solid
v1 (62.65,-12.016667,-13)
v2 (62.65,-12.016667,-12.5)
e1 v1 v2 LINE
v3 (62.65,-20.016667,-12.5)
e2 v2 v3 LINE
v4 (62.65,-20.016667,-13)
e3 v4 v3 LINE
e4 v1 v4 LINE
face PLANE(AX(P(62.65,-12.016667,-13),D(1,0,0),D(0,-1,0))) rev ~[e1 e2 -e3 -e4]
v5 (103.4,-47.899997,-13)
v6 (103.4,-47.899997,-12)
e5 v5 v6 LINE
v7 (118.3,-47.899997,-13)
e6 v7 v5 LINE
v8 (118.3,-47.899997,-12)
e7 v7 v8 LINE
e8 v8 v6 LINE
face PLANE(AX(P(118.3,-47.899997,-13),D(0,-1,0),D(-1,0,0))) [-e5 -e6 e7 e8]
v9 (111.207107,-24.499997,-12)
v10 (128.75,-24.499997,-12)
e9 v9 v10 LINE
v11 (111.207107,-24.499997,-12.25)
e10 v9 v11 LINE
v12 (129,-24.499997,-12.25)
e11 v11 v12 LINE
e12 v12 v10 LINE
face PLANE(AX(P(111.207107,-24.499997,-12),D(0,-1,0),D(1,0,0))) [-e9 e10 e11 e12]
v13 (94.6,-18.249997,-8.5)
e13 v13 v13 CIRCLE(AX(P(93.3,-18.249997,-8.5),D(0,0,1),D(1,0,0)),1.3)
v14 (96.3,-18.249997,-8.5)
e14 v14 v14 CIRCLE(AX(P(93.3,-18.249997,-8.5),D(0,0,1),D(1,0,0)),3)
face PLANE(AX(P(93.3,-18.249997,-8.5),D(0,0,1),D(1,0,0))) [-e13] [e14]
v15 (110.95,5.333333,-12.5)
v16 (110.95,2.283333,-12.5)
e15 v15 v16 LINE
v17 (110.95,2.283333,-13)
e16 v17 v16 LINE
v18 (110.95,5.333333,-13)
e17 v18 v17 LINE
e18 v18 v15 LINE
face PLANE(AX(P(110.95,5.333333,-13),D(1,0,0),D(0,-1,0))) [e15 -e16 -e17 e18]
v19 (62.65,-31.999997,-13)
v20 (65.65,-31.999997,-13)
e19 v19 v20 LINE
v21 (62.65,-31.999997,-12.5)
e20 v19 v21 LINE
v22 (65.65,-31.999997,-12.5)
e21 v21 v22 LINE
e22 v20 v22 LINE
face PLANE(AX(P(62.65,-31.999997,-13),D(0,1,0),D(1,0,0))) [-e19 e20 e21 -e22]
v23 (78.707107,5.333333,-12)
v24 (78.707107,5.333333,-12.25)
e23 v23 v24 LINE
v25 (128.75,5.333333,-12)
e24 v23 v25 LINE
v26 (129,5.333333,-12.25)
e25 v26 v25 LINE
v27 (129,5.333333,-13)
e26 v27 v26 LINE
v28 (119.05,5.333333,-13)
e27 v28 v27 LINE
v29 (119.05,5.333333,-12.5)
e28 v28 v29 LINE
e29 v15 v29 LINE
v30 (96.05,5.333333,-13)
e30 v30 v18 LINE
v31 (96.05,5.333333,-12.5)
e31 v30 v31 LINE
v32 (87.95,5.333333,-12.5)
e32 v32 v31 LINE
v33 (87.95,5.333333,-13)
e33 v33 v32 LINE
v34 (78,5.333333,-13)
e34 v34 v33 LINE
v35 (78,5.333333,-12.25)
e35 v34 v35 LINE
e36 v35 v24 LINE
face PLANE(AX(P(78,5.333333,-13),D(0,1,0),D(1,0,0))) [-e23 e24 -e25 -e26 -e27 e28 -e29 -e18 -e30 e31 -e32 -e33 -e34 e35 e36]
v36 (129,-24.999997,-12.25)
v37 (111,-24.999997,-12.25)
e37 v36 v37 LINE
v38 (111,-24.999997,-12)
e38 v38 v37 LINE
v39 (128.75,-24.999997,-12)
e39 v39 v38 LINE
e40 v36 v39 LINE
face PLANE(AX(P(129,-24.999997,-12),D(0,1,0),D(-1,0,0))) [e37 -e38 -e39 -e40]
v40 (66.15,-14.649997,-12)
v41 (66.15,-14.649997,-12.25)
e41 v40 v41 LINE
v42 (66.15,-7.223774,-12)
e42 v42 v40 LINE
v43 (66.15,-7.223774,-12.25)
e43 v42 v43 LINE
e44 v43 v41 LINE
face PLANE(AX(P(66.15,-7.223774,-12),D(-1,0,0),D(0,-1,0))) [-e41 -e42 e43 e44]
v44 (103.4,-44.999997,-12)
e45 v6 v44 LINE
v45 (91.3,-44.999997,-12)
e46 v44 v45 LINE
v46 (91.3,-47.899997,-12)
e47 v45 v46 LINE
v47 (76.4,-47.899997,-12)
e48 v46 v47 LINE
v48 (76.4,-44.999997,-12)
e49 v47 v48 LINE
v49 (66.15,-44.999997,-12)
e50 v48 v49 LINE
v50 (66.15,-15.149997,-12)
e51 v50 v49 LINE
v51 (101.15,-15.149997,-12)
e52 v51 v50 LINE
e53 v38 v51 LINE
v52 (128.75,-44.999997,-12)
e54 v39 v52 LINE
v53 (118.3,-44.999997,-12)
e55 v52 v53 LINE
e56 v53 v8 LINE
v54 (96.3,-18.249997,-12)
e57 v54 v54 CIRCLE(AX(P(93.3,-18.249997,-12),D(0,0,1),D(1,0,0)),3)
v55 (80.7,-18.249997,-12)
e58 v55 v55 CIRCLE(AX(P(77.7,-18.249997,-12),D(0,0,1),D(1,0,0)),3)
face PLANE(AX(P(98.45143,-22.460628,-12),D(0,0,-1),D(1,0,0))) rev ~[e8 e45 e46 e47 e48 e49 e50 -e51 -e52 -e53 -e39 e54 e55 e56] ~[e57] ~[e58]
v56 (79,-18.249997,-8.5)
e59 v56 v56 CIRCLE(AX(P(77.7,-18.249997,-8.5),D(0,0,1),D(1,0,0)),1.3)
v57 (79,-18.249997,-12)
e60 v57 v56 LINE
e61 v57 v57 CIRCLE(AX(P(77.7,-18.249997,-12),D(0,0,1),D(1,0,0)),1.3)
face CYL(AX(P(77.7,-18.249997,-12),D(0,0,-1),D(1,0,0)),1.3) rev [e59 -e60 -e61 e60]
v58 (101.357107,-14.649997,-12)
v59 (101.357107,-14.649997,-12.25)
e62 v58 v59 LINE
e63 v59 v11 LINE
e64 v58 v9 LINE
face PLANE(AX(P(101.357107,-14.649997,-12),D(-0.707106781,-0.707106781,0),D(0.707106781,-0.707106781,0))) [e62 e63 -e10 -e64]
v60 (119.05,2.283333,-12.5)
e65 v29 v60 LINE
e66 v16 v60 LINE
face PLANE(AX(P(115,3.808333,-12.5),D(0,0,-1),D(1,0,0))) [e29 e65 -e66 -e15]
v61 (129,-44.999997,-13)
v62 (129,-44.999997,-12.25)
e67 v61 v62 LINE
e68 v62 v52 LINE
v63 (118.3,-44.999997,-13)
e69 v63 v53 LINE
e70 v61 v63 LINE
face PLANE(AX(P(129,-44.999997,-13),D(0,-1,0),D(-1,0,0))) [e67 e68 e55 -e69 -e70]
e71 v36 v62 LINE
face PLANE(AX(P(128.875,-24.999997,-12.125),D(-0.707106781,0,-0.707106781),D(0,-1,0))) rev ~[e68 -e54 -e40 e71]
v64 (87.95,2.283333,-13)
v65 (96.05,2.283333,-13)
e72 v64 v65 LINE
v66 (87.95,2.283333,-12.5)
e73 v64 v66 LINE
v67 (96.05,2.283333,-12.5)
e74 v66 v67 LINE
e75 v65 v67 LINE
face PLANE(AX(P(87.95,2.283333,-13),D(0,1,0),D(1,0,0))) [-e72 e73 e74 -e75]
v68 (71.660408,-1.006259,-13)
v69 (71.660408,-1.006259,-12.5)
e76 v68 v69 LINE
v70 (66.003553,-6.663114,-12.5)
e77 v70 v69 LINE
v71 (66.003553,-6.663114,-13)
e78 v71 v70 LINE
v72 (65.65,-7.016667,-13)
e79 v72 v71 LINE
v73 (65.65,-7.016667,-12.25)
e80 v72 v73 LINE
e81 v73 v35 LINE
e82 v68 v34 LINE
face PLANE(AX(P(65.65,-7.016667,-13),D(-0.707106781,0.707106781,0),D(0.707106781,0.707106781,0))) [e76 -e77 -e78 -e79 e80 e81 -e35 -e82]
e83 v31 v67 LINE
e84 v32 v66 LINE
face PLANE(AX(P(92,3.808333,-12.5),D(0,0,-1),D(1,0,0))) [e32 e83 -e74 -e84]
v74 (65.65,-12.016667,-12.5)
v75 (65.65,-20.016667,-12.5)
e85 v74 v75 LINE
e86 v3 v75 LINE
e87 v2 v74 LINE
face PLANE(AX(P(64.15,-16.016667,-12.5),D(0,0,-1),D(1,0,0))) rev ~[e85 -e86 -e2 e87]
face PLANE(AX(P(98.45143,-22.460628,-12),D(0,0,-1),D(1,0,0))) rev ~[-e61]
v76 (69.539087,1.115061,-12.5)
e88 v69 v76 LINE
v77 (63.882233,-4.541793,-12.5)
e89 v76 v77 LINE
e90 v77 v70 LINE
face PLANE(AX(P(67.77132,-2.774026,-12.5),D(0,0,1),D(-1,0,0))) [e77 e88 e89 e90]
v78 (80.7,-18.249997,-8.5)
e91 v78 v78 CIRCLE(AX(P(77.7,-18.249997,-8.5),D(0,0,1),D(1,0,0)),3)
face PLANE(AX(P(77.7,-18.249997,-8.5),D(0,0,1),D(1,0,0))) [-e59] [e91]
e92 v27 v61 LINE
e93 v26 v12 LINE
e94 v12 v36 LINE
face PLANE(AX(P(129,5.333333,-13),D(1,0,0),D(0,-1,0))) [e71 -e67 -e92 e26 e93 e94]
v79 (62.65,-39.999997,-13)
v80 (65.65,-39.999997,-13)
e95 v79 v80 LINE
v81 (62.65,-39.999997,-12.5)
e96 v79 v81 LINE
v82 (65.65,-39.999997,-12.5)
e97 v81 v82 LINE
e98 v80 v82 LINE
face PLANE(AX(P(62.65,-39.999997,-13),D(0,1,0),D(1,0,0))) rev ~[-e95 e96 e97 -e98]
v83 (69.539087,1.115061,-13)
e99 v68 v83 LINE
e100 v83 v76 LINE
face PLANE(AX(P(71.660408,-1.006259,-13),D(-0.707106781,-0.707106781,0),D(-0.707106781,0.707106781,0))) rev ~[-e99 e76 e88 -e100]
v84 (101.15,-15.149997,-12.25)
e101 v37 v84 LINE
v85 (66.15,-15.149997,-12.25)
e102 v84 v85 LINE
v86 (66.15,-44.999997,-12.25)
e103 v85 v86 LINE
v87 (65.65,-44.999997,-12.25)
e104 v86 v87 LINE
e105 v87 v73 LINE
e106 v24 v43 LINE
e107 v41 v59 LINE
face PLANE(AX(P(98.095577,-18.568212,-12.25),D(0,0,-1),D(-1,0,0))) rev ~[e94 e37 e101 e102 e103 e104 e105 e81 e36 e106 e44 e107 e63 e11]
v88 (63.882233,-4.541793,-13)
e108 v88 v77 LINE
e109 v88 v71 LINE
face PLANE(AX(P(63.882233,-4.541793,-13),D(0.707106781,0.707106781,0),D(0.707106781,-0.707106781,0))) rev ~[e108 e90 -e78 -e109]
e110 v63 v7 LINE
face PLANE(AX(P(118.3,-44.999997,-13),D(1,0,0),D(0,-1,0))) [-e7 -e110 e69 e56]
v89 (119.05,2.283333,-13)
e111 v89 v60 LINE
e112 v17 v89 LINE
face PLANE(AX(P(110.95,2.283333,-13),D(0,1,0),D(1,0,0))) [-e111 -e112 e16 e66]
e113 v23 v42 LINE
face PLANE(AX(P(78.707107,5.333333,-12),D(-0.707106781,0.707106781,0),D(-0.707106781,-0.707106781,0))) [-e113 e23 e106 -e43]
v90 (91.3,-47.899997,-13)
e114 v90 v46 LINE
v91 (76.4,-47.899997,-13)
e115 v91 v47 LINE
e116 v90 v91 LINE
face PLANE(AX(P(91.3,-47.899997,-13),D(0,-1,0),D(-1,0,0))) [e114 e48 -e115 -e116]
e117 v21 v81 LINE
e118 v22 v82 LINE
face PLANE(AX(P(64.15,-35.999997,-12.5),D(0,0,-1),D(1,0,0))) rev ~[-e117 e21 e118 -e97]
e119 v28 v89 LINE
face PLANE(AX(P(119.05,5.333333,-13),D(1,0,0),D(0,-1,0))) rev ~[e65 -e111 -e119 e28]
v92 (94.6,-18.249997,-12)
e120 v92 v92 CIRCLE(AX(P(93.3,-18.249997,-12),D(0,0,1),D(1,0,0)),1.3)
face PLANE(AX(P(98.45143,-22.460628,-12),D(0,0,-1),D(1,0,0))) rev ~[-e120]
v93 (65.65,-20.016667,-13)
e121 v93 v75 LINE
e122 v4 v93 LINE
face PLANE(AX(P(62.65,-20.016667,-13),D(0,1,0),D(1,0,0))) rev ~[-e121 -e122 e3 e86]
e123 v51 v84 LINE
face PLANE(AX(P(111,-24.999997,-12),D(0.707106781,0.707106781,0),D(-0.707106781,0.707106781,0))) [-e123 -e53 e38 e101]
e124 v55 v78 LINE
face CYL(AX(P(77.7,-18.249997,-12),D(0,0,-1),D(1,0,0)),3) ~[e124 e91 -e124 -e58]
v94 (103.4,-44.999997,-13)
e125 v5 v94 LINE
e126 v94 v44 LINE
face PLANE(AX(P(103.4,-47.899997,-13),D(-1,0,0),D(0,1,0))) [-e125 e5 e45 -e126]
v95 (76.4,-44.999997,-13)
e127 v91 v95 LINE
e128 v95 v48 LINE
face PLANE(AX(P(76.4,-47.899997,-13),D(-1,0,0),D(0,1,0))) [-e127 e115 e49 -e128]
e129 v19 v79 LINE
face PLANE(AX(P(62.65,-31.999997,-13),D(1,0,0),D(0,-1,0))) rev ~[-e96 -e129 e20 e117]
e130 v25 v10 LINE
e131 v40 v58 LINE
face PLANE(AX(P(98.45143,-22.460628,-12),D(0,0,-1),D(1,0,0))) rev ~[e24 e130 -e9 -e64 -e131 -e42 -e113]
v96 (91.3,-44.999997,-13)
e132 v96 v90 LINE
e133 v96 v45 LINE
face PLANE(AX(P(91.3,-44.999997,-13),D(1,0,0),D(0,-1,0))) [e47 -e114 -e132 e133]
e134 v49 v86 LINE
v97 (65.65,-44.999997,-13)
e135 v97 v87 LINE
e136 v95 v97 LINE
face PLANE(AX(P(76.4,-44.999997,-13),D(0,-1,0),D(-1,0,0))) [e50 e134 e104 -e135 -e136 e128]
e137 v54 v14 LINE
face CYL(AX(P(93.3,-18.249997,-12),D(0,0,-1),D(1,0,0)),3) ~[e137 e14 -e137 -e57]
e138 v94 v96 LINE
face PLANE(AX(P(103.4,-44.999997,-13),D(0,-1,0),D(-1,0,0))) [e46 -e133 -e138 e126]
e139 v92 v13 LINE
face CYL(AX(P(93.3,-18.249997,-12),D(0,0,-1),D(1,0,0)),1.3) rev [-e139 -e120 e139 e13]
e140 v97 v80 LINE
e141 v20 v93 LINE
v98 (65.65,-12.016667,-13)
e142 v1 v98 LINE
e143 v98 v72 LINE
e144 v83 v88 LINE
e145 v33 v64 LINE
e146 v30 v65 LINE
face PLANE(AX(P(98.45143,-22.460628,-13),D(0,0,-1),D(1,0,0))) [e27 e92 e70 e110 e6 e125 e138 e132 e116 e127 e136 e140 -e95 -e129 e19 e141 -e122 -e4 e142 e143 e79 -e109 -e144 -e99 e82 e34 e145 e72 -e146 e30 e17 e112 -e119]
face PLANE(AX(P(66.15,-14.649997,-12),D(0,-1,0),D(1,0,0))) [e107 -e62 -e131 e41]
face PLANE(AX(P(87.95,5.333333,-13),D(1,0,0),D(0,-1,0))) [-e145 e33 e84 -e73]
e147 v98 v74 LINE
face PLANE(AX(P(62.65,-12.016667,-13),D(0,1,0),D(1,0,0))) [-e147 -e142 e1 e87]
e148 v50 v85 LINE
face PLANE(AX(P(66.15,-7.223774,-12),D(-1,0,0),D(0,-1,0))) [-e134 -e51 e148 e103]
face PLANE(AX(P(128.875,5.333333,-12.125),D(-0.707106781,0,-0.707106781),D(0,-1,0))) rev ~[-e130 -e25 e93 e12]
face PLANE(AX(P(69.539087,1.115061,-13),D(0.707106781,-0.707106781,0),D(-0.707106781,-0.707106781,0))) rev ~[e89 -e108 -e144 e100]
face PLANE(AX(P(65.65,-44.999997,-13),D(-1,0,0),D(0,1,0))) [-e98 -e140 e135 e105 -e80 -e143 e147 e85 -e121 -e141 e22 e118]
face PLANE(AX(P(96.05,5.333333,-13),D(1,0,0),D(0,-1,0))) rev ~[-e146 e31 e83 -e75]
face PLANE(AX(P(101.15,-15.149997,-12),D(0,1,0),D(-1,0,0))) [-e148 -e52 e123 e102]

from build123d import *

# Parameters (mm, degrees)
PAD030_DEPTH    = 1
SKETCH049_W     = 8.1
SKETCH049_H     = 3.05
POCKET019_DEPTH = 0.5
POCKET020_DEPTH = 0.25
POCKET021_DEPTH = 0.25
CHAMFER008_SIZE = 0.25
SKETCH052_W     = 3
SKETCH052_H     = 8
PAD031_DEPTH    = 0.5
SKETCH053_R     = 3
SKETCH053_R_2   = 1.3
PAD032_DEPTH    = 3.5


with BuildPart() as part:
    # Sketch048 (on Face2 of Binder014) → Pad030 (new body)
    with BuildSketch(Plane(origin=(0, 0, -13), x_dir=(1, 0, 0), z_dir=(0, 0, -1))):
        Polygon((129, -5.333333), (129, 44.999997), (118.3, 44.999997), (118.3, 47.899997), (103.4, 47.899997), (103.4, 44.999997), (91.3, 44.999997), (91.3, 47.899997), (76.4, 47.899997), (76.4, 44.999997), (65.65, 44.999997), (65.65, 7.016667), (78, -5.333333), align=None)
    extrude(amount=-PAD030_DEPTH)

    # Sketch049 (on Face14 of Pad030) → Pocket019 (cut)
    with BuildSketch(Plane(origin=(0, 0, -13), x_dir=(1, 0, 0), z_dir=(0, 0, -1))):
        with Locations((92, -3.808333)):
            Rectangle(SKETCH049_W, SKETCH049_H)
        with Locations((115, -3.808333)):
            Rectangle(SKETCH049_W, SKETCH049_H)
    extrude(amount=-POCKET019_DEPTH, mode=Mode.SUBTRACT)

    # Sketch050 (on Face5 of Pocket019) → Pocket020 (cut)
    with BuildSketch(Plane.XY.offset(-12)):
        Polygon((78, 5.333333), (78.7071067812, 5.333333), (66.15, -7.2237737812), (66.15, -44.999997), (65.65, -44.999997), (65.65, -7.016667), align=None)
    extrude(amount=-POCKET020_DEPTH, mode=Mode.SUBTRACT)

    # Sketch051 (on Face5 of Pocket020) → Pocket021 (cut)
    with BuildSketch(Plane.XY.offset(-12)):
        Polygon((66.15, -14.649997), (101.3571067812, -14.649997), (111.2071067812, -24.499997), (129, -24.499997), (129, -24.999997), (111, -24.999997), (101.15, -15.149997), (66.15, -15.149997), align=None)
    extrude(amount=-POCKET021_DEPTH, mode=Mode.SUBTRACT)

    # Chamfer008
    chamfer008_edges = [part.edges().sort_by_distance(p)[0] for p in [
        (129, -9.583332, -12),
        (129, -34.999997, -12),
    ]]
    chamfer(chamfer008_edges, length=CHAMFER008_SIZE)

    # Sketch052 (on Face4 of Chamfer008) → Pad031 (join)
    with BuildSketch(Plane(origin=(0, 0, -13), x_dir=(1, 0, 0), z_dir=(0, 0, -1))):
        Polygon((66.0035533906, 6.6631136094), (71.6604076401, 1.0062593599), (69.5390872965, -1.1150609836), (63.882233047, 4.5417932658), align=None)
        with Locations((64.15, 16.016667)):
            Rectangle(SKETCH052_W, SKETCH052_H)
        with Locations((64.15, 35.999997)):
            Rectangle(SKETCH052_W, SKETCH052_H)
    extrude(amount=-PAD031_DEPTH)

    # Sketch053 (on Face7 of Pad031) → Pad032 (join)
    with BuildSketch(Plane.XY.offset(-12)):
        with Locations((77.7, -18.249997)):
            Circle(SKETCH053_R)
        with Locations((77.7, -18.249997)):
            Circle(SKETCH053_R_2, mode=Mode.SUBTRACT)
        with Locations((93.3, -18.249997)):
            Circle(SKETCH053_R)
        with Locations((93.3, -18.249997)):
            Circle(SKETCH053_R_2, mode=Mode.SUBTRACT)
    extrude(amount=PAD032_DEPTH)


solid = part.part
